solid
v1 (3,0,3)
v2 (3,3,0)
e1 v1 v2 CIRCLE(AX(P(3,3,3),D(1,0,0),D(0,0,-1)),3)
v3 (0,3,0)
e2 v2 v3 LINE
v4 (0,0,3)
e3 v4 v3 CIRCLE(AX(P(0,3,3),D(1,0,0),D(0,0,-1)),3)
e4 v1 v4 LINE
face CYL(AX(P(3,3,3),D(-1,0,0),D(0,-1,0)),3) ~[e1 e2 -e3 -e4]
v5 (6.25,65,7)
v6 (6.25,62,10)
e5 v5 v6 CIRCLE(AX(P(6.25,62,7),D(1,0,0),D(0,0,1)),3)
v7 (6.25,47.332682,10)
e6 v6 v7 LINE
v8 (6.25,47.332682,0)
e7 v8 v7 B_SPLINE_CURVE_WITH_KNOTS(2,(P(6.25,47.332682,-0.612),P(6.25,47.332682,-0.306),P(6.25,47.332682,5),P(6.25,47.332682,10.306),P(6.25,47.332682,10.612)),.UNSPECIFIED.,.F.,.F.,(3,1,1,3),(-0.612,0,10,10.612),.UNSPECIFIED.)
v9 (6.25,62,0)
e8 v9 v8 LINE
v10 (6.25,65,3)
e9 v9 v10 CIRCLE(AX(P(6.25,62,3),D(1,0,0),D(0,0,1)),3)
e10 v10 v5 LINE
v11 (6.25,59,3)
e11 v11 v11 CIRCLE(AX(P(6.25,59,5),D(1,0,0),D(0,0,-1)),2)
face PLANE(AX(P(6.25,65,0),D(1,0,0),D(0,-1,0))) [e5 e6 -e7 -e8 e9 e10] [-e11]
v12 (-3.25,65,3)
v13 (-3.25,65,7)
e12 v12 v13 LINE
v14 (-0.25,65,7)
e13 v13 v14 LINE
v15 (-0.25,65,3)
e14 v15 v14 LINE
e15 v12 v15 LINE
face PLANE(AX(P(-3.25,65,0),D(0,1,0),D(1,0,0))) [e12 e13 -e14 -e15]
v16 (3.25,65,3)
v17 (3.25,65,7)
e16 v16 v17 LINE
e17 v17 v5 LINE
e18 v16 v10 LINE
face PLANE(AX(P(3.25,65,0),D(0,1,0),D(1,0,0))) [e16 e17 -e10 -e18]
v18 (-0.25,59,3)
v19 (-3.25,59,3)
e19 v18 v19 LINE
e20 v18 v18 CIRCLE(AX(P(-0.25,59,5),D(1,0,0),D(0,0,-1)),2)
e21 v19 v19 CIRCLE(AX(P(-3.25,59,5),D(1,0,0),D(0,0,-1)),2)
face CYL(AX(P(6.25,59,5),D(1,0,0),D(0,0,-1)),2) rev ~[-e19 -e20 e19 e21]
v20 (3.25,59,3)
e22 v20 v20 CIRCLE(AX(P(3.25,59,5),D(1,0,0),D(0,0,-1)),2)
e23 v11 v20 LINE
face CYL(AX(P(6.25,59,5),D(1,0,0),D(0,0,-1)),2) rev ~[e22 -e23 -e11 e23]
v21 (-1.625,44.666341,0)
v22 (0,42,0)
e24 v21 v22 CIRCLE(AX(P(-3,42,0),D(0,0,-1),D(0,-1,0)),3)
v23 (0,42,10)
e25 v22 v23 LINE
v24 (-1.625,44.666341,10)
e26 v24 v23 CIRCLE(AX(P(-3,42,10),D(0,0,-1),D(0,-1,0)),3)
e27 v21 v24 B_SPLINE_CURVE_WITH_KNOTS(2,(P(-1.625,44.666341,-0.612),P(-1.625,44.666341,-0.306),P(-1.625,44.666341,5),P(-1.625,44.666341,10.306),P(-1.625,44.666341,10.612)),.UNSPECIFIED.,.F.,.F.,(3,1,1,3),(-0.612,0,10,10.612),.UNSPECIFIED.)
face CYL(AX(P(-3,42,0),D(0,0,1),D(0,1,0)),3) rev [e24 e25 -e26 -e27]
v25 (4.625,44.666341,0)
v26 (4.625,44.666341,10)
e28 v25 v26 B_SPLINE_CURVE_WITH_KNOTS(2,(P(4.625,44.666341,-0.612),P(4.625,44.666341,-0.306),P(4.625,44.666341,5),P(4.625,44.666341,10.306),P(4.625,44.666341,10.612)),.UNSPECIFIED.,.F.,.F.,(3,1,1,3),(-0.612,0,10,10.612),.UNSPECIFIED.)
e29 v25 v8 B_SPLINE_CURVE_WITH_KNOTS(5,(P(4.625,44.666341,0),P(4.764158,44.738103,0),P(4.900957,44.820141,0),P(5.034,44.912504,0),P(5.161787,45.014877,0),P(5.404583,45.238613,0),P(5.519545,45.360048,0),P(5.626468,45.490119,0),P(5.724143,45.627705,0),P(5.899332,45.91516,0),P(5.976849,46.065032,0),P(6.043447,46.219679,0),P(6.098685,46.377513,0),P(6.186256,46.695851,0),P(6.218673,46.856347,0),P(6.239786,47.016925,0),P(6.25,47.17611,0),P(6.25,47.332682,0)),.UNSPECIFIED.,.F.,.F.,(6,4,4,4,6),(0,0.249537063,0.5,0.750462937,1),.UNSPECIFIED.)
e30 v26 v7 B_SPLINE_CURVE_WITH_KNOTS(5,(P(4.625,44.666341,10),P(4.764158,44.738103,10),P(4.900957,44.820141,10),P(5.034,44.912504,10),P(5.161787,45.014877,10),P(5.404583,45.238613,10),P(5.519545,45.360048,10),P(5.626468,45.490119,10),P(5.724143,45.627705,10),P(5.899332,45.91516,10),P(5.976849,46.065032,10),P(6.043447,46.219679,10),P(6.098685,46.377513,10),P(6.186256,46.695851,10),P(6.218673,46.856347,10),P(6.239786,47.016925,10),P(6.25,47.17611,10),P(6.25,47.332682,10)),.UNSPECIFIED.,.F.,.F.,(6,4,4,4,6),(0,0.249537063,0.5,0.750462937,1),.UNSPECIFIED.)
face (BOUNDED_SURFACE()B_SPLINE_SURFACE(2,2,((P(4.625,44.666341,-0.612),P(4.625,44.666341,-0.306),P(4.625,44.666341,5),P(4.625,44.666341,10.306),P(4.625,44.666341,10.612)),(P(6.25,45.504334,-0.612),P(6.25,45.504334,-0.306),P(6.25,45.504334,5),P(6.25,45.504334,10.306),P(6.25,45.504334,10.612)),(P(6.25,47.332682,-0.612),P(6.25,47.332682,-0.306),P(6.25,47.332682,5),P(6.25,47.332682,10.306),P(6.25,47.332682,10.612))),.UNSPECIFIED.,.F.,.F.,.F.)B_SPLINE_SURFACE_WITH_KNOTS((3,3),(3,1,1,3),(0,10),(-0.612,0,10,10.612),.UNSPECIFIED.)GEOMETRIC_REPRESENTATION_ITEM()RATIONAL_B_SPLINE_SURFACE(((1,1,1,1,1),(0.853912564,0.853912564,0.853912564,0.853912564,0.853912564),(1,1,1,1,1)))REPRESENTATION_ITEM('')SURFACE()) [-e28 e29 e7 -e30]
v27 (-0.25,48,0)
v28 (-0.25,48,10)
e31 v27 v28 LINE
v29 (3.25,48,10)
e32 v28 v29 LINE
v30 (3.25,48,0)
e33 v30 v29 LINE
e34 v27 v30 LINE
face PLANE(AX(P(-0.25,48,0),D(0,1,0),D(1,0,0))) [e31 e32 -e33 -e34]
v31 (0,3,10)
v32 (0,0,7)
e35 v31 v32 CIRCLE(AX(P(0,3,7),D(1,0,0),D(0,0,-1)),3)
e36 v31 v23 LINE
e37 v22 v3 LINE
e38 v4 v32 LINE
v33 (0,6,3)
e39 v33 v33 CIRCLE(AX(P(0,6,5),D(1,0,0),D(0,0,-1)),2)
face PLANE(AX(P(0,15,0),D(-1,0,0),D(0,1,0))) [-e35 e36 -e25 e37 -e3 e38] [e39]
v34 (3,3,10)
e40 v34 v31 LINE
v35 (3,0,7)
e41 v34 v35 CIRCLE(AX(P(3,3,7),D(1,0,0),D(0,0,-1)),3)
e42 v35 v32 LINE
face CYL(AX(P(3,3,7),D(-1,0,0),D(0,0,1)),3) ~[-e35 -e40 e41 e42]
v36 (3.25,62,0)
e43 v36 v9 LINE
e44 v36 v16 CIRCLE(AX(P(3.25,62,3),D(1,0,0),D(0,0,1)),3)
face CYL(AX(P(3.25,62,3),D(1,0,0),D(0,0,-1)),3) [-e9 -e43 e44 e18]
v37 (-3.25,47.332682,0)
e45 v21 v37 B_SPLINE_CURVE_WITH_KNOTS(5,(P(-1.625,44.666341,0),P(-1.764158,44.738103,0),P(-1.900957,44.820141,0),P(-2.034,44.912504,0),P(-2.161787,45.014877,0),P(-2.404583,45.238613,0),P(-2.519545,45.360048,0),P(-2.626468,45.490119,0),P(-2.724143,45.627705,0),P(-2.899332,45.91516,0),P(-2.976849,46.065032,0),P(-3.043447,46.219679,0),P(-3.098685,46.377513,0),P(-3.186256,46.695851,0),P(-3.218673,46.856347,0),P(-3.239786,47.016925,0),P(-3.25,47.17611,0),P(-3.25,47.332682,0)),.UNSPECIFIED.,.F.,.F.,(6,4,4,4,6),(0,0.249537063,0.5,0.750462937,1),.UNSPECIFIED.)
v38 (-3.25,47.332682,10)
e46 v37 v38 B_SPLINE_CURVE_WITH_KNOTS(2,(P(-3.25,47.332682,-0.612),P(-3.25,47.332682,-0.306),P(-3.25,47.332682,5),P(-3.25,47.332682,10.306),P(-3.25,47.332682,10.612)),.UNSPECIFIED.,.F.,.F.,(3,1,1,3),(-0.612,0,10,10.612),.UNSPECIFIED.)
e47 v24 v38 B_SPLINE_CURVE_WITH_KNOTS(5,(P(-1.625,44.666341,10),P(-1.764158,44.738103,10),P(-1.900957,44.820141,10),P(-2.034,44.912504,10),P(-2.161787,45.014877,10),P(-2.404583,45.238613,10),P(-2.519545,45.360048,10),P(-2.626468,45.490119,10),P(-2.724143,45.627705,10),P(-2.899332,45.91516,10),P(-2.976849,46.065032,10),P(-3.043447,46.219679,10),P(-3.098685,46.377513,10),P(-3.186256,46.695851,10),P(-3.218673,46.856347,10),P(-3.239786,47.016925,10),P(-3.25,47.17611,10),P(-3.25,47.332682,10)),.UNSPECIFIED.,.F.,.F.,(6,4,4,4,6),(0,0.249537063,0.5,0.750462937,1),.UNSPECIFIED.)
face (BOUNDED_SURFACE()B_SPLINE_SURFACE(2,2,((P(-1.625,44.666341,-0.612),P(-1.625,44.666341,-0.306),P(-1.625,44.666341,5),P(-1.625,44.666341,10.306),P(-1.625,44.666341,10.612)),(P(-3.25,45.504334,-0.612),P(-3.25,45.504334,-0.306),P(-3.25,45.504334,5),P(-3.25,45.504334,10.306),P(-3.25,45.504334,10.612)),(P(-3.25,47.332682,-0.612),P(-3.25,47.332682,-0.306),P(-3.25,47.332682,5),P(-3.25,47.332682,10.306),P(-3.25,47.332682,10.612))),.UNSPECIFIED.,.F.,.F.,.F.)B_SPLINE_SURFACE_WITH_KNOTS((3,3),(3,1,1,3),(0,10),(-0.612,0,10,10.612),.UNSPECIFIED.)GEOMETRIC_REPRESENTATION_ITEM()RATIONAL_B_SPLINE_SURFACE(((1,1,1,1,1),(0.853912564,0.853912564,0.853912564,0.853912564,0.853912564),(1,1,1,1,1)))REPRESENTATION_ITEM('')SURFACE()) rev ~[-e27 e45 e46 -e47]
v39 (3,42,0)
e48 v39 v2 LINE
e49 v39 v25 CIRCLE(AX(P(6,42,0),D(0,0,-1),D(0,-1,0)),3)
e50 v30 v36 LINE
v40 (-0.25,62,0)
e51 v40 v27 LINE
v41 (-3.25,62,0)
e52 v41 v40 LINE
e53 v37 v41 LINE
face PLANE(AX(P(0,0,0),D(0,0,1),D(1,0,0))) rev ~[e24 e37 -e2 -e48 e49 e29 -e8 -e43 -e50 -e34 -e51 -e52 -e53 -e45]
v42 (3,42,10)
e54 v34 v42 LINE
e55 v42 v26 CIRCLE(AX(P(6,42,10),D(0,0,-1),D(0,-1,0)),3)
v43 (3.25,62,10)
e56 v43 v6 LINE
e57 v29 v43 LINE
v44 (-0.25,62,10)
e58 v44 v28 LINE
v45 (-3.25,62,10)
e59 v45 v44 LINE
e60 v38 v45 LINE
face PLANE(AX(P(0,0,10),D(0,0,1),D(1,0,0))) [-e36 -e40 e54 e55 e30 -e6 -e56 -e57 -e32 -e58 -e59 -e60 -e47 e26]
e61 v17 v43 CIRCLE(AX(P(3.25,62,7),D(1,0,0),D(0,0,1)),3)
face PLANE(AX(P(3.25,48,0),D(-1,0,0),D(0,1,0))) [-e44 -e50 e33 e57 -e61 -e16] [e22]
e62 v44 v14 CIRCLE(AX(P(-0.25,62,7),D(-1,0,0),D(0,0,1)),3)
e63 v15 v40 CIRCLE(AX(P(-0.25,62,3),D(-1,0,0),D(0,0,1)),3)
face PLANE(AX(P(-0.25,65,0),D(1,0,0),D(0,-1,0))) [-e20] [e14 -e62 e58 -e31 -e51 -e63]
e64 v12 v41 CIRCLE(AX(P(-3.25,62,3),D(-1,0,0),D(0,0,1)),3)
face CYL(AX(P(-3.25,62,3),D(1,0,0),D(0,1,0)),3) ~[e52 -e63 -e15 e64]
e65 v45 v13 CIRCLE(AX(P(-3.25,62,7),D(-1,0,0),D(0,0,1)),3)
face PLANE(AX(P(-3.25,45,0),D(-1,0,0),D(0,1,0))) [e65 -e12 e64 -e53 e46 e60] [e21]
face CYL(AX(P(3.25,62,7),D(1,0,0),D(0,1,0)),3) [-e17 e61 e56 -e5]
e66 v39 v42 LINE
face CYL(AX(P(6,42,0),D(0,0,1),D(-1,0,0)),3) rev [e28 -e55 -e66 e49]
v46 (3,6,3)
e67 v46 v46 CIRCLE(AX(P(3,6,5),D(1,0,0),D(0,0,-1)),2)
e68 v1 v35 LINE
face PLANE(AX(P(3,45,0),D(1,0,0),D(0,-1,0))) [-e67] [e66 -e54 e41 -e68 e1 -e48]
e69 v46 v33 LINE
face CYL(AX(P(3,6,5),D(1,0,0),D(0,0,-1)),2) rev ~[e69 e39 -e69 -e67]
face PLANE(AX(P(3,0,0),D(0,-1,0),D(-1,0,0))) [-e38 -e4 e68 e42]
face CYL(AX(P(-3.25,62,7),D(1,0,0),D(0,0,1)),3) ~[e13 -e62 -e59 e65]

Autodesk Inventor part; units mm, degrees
ref_plane "YZ Plane" through (0, 0, 0) normal (1, 0, 0) x (0, 1, 0)
ref_plane "XZ Plane" through (0, 0, 0) normal (0, 1, 0) x (-1, 0, 0)
ref_plane "XY Plane" through (0, 0, 0) normal (0, 0, 1) x (1, 0, 0)
sketch "Boceto1" plane through (0, 0, 0) normal (0, 0, 1) x (1, 0, 0)
  line L0 (0, 45) -> (-3.25, 45)
  line L1 (-3.25, 45) -> (-3.25, 65)
  line L2 (-3.25, 65) -> (-0.25, 65)
  line L3 (-0.25, 65) -> (-0.25, 48)
  line L4 (-0.25, 48) -> (3.25, 48)
  line L5 (3.25, 48) -> (3.25, 65)
  line L6 (3.25, 65) -> (6.25, 65)
  line L7 (6.25, 65) -> (6.25, 45)
  line L8 (6.25, 45) -> (3, 45)
  line L9 (3, 0) -> (0, 0)
  line L10 (1.5, 0) -> (1.5, 40) construction
  line L11 (0, 0) -> (0, 15)
  line L12 (0, 15) -> (0, 45)
  line L13 (3, 45) -> (3, 15)
  line L14 (3, 15) -> (3, 0)
  dimension "d1" = 3
  dimension "d4" = 3
  dimension "d5" = 3.5
  dimension "d6" = 9.5
  dimension "d8" = 4.75
  dimension "d9" = 20
  dimension "d20" = 3
  dimension "d27" = 65
extrude "Extrusión1" add sketch "Boceto1" along normal blind 10
sketch "Boceto2" plane through (6.25, 45, 0) normal (1, 0, 0) x (0, 0, -1)
  line L0 (0, 3) -> (-10, 3) construction
  line L1 (0, 0) -> (0, 20) construction
  line L2 (0, 20) -> (-10, 20) construction
  line L3 (-10, 0) -> (-10, 20) construction
  line L4 (0, 0) -> (-10, 0) construction
  line L5 (-10, 0) -> (-10, 20) construction
  line L6 (-10, 20) -> (-10, 3) construction
  line L7 (-10, 14) -> (0, 14) construction
  circle A0 centre (-5, 14) radius 2
  point P0 (0, -45)
  dimension "d15" = 4
  dimension "d16" = 6
extrude "Extrusión2" cut sketch "Boceto2" against normal through all
fillet "Empalme1" radius 3 10 edges at (-1.75, 65, 10) (-1.75, 65, 0) (4.75, 65, 0) (4.75, 65, 10) (0, 45, 5) (3, 45, 5) (6.25, 45, 5) (-3.25, 45, 5) (1.5, 0, 10) (1.5, 0, 0)
sketch "Boceto4" plane through (3, 3, 0) normal (1, 0, 0) x (0, 0, -1)
  arc A0 (-10, 0) -> (-7, -3) centre (-7, 0) ccw construction
  line L0 (0, 0) -> (0, 39) construction
  line L1 (-10, 39) -> (0, 39) construction
  line L2 (-10, 0) -> (-10, 39) construction
  line L3 (-3, -3) -> (-7, -3) projected
  line L4 (-3, -3) -> (-7, -3) construction
  line L5 (-5, -3) -> (-5, 39) construction
  line L6 (0, 39) -> (-10, 39) construction
  circle A1 centre (-5, 3) radius 2
  arc A2 (-3, -3) -> (0, 0) centre (-3, 0) ccw projected
  point P0 (0, -3)
  dimension "d28" = 4
  dimension "d29" = 6
extrude "Extrusión3" cut sketch "Boceto4" against normal blind 10
equation "\"d8\" = 0.5 * d6"
properties part number "brazo_servo"
